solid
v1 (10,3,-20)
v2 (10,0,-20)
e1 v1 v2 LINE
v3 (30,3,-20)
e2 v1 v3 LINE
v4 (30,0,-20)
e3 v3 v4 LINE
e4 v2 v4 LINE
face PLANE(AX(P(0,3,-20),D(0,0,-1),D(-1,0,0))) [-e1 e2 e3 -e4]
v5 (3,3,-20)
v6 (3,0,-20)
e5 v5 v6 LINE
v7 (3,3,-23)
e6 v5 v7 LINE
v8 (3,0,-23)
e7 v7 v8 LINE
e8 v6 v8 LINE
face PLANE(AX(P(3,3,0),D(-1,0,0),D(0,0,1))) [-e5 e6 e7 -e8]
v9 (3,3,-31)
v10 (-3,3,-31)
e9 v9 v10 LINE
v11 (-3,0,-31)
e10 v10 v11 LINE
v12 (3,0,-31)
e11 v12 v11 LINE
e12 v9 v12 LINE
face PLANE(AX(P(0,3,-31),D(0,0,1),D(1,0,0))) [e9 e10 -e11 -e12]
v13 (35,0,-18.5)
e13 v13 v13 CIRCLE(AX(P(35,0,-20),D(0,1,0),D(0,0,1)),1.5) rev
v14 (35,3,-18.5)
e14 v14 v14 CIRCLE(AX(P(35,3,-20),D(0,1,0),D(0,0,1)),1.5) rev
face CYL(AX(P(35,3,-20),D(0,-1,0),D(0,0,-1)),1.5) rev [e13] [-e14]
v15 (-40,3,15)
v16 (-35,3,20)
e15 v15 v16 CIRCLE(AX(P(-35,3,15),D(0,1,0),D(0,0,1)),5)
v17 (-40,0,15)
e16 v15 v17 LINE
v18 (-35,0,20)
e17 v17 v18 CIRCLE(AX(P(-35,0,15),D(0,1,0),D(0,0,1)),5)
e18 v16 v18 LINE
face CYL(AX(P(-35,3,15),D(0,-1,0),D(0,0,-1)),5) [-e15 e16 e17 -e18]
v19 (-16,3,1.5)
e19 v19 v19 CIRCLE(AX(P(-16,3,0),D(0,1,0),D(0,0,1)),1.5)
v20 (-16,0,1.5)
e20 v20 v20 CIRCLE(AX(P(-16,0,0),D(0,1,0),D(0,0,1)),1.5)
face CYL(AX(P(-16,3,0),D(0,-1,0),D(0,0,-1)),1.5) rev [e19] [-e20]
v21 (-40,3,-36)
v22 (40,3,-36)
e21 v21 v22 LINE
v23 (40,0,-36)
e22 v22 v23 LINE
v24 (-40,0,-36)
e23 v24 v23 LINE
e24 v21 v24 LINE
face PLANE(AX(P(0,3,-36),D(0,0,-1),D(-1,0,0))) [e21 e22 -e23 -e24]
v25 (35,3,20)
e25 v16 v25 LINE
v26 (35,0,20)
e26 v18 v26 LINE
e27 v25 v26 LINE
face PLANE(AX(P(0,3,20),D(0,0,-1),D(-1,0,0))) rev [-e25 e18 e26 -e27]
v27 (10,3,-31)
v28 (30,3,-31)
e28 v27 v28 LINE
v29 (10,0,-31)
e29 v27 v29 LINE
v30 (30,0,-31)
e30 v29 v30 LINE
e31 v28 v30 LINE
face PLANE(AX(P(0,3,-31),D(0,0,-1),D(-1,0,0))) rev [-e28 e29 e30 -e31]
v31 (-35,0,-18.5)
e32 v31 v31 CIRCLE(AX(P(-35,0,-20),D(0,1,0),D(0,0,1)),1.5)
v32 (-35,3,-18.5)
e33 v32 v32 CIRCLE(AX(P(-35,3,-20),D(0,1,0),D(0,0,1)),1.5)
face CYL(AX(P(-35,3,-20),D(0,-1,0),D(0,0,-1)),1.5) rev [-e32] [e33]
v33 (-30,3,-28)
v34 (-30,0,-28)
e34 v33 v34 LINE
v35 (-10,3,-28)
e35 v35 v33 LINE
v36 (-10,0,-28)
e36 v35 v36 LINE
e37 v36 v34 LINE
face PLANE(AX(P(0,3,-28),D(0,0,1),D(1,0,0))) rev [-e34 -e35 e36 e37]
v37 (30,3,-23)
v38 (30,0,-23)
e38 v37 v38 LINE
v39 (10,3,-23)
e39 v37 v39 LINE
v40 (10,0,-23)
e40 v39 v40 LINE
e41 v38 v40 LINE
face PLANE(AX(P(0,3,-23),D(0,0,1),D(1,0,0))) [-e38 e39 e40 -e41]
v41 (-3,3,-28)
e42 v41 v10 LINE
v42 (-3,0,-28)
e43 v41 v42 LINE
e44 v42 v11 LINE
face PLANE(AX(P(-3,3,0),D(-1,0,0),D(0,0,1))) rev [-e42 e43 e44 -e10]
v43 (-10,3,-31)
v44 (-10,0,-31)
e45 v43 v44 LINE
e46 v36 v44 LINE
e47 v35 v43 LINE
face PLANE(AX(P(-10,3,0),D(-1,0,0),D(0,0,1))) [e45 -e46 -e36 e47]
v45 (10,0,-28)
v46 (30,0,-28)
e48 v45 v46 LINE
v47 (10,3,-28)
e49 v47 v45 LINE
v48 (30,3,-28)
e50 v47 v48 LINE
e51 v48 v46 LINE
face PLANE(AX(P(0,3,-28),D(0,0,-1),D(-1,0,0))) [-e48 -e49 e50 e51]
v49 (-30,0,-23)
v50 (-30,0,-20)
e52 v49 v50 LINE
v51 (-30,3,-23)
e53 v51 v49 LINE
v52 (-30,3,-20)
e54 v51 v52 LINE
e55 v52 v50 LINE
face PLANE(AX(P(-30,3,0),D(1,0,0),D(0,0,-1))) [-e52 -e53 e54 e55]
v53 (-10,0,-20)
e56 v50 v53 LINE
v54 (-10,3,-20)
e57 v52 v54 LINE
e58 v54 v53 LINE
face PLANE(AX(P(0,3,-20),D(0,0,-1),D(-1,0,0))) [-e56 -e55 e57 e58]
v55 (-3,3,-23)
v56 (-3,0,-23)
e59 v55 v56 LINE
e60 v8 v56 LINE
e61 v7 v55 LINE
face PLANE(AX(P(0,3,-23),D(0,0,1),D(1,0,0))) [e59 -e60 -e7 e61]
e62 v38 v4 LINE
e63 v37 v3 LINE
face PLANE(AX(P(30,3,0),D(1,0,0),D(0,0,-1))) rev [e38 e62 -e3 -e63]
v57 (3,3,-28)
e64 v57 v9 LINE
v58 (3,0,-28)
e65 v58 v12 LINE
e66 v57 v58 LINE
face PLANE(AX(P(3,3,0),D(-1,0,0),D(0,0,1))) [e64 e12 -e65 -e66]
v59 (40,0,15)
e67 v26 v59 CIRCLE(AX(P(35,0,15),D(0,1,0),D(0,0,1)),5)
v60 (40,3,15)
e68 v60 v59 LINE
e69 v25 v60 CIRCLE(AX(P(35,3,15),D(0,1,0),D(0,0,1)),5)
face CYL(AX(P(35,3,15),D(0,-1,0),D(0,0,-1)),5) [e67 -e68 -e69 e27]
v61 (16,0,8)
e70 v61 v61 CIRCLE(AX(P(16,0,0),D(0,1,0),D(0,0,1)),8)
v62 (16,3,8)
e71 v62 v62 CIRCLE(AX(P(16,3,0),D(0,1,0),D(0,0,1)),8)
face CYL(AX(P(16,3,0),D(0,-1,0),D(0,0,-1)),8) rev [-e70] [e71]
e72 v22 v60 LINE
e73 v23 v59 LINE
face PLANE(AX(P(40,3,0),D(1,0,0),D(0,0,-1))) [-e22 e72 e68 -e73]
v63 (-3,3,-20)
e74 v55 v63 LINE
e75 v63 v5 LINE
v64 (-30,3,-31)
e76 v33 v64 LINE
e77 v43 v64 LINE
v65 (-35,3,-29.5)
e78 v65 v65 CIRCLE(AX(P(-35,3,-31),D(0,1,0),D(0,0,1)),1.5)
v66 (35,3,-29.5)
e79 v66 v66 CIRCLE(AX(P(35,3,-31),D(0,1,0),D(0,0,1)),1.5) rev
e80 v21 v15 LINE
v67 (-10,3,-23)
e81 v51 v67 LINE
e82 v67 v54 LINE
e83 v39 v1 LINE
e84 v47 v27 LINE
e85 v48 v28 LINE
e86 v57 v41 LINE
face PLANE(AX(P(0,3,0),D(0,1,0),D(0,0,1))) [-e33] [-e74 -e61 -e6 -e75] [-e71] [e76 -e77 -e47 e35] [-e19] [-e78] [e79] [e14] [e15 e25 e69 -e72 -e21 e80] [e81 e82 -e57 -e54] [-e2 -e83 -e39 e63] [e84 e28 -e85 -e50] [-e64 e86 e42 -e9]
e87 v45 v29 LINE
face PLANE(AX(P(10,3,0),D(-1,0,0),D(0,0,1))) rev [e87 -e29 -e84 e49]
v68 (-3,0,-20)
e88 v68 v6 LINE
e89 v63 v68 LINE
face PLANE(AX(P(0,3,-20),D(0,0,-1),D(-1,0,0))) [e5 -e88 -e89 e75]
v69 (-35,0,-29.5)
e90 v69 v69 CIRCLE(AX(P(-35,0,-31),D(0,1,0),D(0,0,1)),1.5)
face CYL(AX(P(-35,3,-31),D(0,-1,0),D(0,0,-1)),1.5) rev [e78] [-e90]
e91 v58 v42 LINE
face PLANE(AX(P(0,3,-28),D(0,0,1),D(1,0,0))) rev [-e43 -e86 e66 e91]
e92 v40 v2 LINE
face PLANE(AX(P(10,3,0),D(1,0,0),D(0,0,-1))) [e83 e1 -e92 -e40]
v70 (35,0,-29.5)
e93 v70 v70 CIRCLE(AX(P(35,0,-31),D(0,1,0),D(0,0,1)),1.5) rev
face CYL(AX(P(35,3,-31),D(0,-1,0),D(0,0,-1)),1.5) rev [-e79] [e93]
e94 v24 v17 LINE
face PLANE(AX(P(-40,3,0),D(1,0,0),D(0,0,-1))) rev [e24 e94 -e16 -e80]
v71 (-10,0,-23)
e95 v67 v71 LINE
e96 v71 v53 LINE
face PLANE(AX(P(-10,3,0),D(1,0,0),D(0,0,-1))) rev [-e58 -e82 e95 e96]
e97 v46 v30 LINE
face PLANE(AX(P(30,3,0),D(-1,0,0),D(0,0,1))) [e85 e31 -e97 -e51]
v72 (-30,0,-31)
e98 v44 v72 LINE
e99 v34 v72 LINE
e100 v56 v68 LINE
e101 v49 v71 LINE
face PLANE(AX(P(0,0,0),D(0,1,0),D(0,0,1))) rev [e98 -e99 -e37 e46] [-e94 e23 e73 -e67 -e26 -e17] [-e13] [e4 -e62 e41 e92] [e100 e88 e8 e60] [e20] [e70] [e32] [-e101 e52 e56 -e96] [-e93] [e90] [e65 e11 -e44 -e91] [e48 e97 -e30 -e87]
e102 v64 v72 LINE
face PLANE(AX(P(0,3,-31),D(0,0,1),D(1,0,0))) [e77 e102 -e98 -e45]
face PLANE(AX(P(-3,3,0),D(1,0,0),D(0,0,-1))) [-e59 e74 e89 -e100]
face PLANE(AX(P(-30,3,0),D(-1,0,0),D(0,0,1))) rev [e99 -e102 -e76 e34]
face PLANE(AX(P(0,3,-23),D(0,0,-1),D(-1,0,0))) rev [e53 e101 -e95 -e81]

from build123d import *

# Parameters (mm, degrees)
SKETCH_1_R      = 8
SKETCH_1_R_2    = 1.5
SKETCH_1_W      = 20
SKETCH_1_H      = 3
SKETCH_1_W_2    = 6
EXTRUDE_1_DEPTH = 3


with BuildPart() as part:
    # 草图1 → 凸台-拉伸1 (new body)
    with BuildSketch(Plane(origin=(0, 0, 0), x_dir=(1, 0, 0), z_dir=(0, 1, 0))):
        with BuildLine():
            Line((-40, 0), (-40, 20))
            Line((-40, 20), (-40, 36))
            Line((-40, 36), (40, 36))
            Line((40, 36), (40, 20))
            Line((40, 20), (40, -15))
            ThreePointArc((40, -15), (38.535533906, -18.535533906), (35, -20))
            Line((35, -20), (0, -20))
            Line((0, -20), (-35, -20))
            ThreePointArc((-35, -20), (-38.535533906, -18.535533906), (-40, -15))
            Line((-40, -15), (-40, 0))
        make_face()
        with Locations(Location((16, 0, 0), (0, 0, 270))):
            Circle(SKETCH_1_R, mode=Mode.SUBTRACT)
        with Locations(Location((-16, 0, 0), (0, 0, 270))):
            Circle(SKETCH_1_R_2, mode=Mode.SUBTRACT)
        with Locations(Location((-35, 31, 0), (0, 0, 270))):
            Circle(SKETCH_1_R_2, mode=Mode.SUBTRACT)
        with Locations(Location((-35, 20, 0), (0, 0, 270))):
            Circle(SKETCH_1_R_2, mode=Mode.SUBTRACT)
        with Locations(Location((35, 20, 0), (0, 0, 270))):
            Circle(SKETCH_1_R_2, mode=Mode.SUBTRACT)
        with Locations(Location((35, 31, 0), (0, 0, 270))):
            Circle(SKETCH_1_R_2, mode=Mode.SUBTRACT)
        Polygon((-30, 20), (-10, 20), (-10, 23), (-20, 23), (-30, 23), align=None, mode=Mode.SUBTRACT)
        Polygon((10, 23), (10, 20), (30, 20), (30, 23), (20, 23), align=None, mode=Mode.SUBTRACT)
        with Locations((20, 29.5)):
            Rectangle(SKETCH_1_W, SKETCH_1_H, mode=Mode.SUBTRACT)
        with Locations((0, 29.5)):
            Rectangle(SKETCH_1_W_2, SKETCH_1_H, mode=Mode.SUBTRACT)
        with Locations((-20, 29.5)):
            Rectangle(SKETCH_1_W, SKETCH_1_H, mode=Mode.SUBTRACT)
        with Locations((0, 21.5)):
            Rectangle(SKETCH_1_W_2, SKETCH_1_H, mode=Mode.SUBTRACT)
    extrude(amount=EXTRUDE_1_DEPTH)


solid = part.part
